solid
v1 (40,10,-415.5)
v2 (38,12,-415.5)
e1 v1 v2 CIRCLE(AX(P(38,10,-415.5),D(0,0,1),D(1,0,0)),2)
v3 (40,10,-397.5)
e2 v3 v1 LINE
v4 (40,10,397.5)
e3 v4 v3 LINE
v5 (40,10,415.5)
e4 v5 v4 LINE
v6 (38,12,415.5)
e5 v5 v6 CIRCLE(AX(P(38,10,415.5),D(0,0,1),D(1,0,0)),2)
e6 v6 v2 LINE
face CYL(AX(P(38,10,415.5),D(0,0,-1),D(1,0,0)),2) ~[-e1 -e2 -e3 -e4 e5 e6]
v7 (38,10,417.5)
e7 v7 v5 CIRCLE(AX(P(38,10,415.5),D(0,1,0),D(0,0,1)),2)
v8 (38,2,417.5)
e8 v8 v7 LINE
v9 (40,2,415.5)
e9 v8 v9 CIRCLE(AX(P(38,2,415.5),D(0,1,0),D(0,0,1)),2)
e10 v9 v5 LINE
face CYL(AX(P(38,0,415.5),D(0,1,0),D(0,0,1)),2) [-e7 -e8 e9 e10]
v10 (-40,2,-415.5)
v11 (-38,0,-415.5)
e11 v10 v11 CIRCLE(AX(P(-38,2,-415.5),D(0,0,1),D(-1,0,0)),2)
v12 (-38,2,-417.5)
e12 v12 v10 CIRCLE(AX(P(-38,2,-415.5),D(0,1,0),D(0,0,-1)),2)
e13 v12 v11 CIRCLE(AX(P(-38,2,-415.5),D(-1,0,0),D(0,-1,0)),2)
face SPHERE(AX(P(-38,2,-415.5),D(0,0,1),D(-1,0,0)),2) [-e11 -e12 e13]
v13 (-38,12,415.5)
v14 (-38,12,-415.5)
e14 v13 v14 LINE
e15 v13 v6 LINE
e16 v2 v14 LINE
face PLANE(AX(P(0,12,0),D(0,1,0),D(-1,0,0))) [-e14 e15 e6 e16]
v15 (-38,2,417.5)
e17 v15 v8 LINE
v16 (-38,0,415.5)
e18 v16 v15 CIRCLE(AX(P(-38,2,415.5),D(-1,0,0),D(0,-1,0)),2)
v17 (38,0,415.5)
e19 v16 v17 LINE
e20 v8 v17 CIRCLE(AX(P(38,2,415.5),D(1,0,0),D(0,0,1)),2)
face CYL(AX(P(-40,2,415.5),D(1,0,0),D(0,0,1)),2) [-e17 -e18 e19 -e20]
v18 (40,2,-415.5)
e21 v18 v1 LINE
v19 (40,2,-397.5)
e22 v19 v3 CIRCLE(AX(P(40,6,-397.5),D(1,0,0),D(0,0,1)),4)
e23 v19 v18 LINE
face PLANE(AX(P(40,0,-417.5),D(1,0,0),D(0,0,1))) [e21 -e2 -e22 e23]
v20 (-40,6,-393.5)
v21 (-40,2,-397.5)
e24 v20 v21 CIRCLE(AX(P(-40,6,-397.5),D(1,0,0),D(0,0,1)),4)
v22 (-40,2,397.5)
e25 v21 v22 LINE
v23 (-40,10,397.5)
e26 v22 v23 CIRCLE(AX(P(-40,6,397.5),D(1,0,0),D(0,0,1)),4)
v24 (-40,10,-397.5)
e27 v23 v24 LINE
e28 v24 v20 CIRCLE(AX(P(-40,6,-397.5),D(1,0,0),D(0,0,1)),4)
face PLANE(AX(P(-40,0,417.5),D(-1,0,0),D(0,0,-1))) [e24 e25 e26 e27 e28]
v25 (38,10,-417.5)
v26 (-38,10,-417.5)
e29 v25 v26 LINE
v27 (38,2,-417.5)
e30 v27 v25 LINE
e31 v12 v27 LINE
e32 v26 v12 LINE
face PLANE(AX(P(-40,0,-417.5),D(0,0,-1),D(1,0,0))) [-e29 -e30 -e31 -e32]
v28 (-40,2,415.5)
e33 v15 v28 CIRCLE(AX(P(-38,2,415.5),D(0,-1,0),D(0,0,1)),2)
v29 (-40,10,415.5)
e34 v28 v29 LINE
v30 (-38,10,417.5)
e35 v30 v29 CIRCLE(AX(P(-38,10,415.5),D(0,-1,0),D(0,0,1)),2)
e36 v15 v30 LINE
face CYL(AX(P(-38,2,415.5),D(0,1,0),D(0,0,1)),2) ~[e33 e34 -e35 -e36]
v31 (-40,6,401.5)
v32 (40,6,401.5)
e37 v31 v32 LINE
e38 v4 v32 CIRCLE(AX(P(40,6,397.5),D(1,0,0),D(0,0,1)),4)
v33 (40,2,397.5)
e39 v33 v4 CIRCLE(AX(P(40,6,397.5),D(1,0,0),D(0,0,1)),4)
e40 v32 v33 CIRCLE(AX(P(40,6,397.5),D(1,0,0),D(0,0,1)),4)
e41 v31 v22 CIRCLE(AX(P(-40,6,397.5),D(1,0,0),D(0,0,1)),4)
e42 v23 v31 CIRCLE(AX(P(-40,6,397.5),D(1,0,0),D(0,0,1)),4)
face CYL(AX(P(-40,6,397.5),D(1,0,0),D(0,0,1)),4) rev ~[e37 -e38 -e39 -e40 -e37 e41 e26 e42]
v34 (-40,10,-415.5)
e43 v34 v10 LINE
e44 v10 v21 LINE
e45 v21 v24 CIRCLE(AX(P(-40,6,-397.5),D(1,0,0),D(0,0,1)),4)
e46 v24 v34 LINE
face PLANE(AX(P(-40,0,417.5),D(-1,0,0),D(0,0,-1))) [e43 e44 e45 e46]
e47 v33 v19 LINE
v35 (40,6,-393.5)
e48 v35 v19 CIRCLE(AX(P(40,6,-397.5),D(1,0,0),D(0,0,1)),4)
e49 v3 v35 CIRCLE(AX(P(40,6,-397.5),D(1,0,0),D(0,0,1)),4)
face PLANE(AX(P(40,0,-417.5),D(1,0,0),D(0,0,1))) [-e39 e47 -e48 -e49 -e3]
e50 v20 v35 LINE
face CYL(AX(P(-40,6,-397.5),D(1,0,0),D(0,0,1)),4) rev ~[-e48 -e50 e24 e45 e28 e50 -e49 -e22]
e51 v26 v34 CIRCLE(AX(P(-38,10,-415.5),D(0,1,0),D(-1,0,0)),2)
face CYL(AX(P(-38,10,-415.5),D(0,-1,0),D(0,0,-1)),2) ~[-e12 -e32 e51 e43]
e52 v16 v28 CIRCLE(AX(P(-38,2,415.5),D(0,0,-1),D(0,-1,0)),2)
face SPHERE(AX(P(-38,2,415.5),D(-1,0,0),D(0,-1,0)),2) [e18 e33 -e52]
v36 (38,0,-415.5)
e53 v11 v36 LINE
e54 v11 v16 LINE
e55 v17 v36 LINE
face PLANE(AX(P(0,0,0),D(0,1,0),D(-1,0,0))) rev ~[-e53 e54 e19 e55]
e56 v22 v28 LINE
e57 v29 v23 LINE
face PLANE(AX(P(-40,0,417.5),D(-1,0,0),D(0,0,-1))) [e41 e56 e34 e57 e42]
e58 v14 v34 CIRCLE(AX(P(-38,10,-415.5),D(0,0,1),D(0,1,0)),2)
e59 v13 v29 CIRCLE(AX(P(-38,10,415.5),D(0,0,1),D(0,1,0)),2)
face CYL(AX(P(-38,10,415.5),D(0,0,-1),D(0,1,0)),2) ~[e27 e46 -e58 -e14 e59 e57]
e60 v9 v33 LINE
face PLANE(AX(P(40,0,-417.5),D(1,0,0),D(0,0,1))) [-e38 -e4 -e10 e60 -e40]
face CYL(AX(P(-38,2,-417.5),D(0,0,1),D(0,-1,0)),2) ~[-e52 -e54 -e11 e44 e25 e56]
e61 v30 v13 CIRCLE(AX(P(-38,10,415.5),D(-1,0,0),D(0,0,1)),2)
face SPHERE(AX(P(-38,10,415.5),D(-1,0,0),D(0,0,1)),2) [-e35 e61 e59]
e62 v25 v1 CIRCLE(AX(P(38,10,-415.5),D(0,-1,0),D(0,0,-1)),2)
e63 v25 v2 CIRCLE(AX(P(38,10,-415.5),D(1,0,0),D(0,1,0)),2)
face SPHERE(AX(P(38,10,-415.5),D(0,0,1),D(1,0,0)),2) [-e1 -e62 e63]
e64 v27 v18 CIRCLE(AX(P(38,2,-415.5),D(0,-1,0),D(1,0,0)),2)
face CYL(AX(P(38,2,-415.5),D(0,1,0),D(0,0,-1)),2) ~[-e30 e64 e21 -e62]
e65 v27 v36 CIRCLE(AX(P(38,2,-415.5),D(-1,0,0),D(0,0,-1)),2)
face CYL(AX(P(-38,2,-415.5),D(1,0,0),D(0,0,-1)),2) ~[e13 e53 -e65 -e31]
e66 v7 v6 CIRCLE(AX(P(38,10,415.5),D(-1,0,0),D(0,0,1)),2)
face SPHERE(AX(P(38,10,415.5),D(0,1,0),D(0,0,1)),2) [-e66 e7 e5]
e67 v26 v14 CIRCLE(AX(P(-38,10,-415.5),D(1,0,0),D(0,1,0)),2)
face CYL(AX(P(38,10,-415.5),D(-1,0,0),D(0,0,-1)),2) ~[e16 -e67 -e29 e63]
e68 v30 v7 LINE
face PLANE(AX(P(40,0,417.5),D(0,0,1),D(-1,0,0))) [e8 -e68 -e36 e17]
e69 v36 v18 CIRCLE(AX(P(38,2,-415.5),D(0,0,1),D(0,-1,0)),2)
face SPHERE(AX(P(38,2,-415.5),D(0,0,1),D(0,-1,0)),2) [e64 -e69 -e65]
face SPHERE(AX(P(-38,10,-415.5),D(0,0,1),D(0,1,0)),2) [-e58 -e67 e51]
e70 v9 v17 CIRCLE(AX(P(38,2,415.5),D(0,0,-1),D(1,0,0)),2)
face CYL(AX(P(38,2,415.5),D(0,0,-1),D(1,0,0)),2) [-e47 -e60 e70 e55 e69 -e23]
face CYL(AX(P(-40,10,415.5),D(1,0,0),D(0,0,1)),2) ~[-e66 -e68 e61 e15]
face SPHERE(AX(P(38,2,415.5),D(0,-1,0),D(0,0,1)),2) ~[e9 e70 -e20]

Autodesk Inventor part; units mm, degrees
ref_plane "YZ Plane" through (0, 0, 0) normal (1, 0, 0) x (0, 1, 0)
ref_plane "XZ Plane" through (0, 0, 0) normal (0, 1, 0) x (-1, 0, 0)
ref_plane "XY Plane" through (0, 0, 0) normal (0, 0, 1) x (1, 0, 0)
sketch "Sketch1" plane through (0, 0, 0) normal (0, 1, 0) x (-1, 0, 0)
  line L0 (-40, 417.5) -> (40, 417.5)
  line L1 (40, 417.5) -> (40, -417.5)
  line L2 (40, -417.5) -> (-40, -417.5)
  line L3 (-40, -417.5) -> (-40, 417.5)
  line L4 (-40, 417.5) -> (40, -417.5) construction
  line L5 (40, 417.5) -> (-40, -417.5) construction
  point P0 (0, 0)
  dimension "d0" = 80
  dimension "d1" = 835
extrude "Extrusion1" add sketch "Sketch1" along normal blind 12
fillet "Fillet1" radius 2 1 edges at (40, 6, 417.5)
fillet "Fillet2" radius 2 3 edges at (39.4142, 12, 416.9142) (-1, 12, 417.5) (40, 12, -1)
fillet "Fillet3" radius 2 3 edges at (39.4142, 0, 416.9142) (-1, 0, 417.5) (40, 0, -1)
fillet "Fillet4" radius 2 5 edges at (-40, 6, 417.5) (-40, 0.5858, 416.9142) (-40, 0, -1) (-40, 12, -1) (-40, 11.4142, 416.9142)
fillet "Fillet5" radius 2 8 edges at (-39.4142, 11.4142, -417.5) (0, 12, -417.5) (39.4142, 11.4142, -417.5) (40, 6, -417.5) (39.4142, 0.5858, -417.5) (0, 0, -417.5) (-39.4142, 0.5858, -417.5) (-40, 6, -417.5)
sketch "Sketch2" plane through (-40, 2, -415.5) normal (-1, 0, 0) x (0, 0, 1)
  circle A0 centre (18, 4) radius 4
  line L0 (-2, 8) -> (-2, 0) projected
  line L1 (0, -2) -> (831, -2) projected
  circle A1 centre (813, 4) radius 4
  line L2 (833, 0) -> (833, 8) projected
  line L3 (831, 10) -> (0, 10) projected
  point P0 (415.5, -2)
  dimension "d9" = 8
  dimension "d10" = 20
  dimension "d11" = 6
  dimension "d12" = 8
  dimension "d13" = 20
  dimension "d21" = 6
hole "Hole1" at (-40, 6, -397.5) at (-40, 6, 397.5) direction (1, 0, 0) diameter 8 end through all
equation "\"d12\" = d9"
equation "\"d13\" = d10"
equation "\"d21\" = d11"
properties part number "CeramicModelv2"
